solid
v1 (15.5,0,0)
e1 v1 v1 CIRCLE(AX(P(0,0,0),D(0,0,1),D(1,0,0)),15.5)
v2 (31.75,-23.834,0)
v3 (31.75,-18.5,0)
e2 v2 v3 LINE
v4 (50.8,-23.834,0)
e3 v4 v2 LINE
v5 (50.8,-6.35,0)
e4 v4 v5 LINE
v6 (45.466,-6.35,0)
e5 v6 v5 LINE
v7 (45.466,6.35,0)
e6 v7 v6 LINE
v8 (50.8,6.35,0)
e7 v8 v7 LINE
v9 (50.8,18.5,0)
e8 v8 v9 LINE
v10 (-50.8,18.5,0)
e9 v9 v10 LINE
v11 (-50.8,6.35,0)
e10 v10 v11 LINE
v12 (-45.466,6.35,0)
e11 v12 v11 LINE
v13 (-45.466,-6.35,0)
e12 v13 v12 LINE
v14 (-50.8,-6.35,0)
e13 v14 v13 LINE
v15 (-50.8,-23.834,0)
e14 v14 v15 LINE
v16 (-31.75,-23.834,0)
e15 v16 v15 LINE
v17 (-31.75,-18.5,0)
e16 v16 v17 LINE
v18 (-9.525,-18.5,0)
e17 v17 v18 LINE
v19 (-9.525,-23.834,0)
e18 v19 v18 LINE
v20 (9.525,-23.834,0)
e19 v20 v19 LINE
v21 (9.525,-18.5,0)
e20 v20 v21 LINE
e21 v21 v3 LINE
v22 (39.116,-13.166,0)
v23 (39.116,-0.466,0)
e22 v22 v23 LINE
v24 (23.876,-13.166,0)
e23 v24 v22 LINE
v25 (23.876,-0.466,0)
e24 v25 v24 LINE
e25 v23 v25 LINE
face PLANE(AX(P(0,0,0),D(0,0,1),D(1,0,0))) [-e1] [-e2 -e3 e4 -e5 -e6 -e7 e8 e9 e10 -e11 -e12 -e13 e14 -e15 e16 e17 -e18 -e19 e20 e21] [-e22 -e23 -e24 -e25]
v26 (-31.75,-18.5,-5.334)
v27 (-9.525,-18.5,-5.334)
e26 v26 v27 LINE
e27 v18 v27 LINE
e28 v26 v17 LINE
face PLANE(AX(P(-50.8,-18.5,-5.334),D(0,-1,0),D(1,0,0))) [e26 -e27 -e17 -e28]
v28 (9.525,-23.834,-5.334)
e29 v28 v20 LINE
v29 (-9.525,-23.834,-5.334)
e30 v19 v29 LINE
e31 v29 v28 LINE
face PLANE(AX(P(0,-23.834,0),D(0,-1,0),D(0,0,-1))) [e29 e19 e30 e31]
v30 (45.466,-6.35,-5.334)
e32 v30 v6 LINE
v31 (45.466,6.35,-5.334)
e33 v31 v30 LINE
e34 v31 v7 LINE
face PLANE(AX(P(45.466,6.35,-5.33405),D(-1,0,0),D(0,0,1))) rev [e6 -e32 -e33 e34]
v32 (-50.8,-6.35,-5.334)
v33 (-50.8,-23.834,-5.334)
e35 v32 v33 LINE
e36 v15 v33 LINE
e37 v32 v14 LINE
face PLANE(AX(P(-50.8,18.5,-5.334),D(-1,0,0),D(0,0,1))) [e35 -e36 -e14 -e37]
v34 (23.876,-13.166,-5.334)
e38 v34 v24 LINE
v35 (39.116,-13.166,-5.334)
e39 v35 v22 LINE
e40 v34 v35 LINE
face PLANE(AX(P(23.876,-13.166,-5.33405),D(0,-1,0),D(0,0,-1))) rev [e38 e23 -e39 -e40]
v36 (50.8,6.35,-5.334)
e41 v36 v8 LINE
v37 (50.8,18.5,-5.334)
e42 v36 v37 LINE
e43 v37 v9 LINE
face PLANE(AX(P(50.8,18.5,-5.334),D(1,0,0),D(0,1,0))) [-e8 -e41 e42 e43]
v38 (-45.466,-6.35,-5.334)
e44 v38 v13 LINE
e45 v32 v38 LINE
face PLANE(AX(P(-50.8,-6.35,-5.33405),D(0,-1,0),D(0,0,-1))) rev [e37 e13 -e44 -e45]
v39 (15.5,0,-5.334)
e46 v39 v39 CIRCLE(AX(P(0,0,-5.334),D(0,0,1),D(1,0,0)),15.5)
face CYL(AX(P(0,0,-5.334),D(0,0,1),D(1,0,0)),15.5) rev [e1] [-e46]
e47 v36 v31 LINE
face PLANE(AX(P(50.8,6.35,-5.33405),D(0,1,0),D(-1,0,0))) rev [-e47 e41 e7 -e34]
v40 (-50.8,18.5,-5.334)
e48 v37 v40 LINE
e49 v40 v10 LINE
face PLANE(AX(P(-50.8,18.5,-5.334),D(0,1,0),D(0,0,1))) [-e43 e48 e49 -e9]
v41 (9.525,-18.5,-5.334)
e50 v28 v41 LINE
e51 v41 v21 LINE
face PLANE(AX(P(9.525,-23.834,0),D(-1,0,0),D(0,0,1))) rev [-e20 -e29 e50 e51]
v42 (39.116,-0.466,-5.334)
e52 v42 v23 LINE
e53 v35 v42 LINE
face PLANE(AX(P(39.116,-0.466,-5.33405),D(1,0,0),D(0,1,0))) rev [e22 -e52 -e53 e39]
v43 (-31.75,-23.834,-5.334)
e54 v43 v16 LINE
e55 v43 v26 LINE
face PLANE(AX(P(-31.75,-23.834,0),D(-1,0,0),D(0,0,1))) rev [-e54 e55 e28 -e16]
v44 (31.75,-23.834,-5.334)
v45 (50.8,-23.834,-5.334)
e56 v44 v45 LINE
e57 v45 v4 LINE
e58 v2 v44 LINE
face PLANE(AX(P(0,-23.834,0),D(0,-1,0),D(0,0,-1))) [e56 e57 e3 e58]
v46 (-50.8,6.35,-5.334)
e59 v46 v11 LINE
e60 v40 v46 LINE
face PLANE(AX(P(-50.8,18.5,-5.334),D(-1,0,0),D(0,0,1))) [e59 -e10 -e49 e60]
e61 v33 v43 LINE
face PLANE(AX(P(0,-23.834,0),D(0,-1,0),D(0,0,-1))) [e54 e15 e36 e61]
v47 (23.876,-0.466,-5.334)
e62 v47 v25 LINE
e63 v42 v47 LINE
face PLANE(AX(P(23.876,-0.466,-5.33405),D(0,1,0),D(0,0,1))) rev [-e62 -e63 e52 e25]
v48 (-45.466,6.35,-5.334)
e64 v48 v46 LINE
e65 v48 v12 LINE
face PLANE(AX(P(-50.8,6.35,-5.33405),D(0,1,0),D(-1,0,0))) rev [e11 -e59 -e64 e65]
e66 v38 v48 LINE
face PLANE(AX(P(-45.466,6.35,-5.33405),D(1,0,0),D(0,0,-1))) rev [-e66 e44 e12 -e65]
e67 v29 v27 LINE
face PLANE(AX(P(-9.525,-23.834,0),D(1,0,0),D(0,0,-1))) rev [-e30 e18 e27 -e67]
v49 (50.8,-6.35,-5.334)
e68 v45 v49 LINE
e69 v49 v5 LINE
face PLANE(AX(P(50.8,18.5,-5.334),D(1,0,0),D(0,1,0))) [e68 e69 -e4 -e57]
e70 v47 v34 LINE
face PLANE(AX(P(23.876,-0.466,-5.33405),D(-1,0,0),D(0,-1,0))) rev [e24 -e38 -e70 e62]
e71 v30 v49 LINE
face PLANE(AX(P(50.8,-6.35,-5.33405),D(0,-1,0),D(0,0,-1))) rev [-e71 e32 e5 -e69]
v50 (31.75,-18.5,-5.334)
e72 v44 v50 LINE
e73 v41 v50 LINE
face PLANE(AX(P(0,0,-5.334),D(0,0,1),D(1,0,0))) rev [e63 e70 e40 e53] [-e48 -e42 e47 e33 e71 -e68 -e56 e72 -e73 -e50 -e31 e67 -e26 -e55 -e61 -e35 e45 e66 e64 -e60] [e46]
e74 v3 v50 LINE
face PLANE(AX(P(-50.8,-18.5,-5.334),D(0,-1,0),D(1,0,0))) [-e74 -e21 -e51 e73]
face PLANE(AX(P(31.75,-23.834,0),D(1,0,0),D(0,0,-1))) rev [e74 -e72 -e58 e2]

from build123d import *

# Parameters (mm, degrees)
SKETCH1_W           = 101.6
SKETCH1_H           = 37
BOSS_EXTRUDE1_DEPTH = 5.334
SKETCH2_R           = 15.5
MOTOR_HOLE_DEPTH    = 55.326251076
SKETCH4_W           = 19.05
SKETCH4_H           = 5.334
BOTTOM_TABS_DEPTH   = 5.334
SKETCH5_W           = 5.334
SKETCH5_H           = 12.7
CUT_EXTRUDE1_DEPTH  = 57.366223148
SKETCH6_W           = 15.24
SKETCH6_H           = 12.7
CUT_EXTRUDE2_DEPTH  = 77.262693919


with BuildPart() as part:
    # Sketch1 → Boss-Extrude1 (new body)
    with BuildSketch(Plane.XY):
        Rectangle(SKETCH1_W, SKETCH1_H)
    extrude(amount=-BOSS_EXTRUDE1_DEPTH)

    # Sketch2 → Motor Hole (cut, through all)
    with BuildSketch(Plane.XY):
        Circle(SKETCH2_R)
    extrude(amount=-MOTOR_HOLE_DEPTH, mode=Mode.SUBTRACT)

    # Sketch4 → Bottom Tabs (add)
    with BuildSketch(Plane.XZ.offset(18.5)):
        with Locations((-41.275, -2.667)):
            Rectangle(SKETCH4_W, SKETCH4_H)
        with Locations((0, -2.667)):
            Rectangle(SKETCH4_W, SKETCH4_H)
        with Locations((41.275, -2.667)):
            Rectangle(SKETCH4_W, SKETCH4_H)
    extrude(amount=BOTTOM_TABS_DEPTH)

    # Sketch5 → Cut-Extrude1 (cut, through all)
    with BuildSketch(Plane.XY):
        with Locations((-48.133, 0)):
            Rectangle(SKETCH5_W, SKETCH5_H)
        with Locations((48.133, 0)):
            Rectangle(SKETCH5_W, SKETCH5_H)
    extrude(amount=-CUT_EXTRUDE1_DEPTH, mode=Mode.SUBTRACT)

    # Sketch6 → Cut-Extrude2 (cut, through all)
    with BuildSketch(Plane(origin=(16.243120564, -7.106483242, 20.4638), x_dir=(1, 0, 0), z_dir=(0, 0, 1))):
        with Locations((15.252879436, 0.290483242)):
            Rectangle(SKETCH6_W, SKETCH6_H)
    extrude(amount=-CUT_EXTRUDE2_DEPTH, mode=Mode.SUBTRACT)


solid = part.part
